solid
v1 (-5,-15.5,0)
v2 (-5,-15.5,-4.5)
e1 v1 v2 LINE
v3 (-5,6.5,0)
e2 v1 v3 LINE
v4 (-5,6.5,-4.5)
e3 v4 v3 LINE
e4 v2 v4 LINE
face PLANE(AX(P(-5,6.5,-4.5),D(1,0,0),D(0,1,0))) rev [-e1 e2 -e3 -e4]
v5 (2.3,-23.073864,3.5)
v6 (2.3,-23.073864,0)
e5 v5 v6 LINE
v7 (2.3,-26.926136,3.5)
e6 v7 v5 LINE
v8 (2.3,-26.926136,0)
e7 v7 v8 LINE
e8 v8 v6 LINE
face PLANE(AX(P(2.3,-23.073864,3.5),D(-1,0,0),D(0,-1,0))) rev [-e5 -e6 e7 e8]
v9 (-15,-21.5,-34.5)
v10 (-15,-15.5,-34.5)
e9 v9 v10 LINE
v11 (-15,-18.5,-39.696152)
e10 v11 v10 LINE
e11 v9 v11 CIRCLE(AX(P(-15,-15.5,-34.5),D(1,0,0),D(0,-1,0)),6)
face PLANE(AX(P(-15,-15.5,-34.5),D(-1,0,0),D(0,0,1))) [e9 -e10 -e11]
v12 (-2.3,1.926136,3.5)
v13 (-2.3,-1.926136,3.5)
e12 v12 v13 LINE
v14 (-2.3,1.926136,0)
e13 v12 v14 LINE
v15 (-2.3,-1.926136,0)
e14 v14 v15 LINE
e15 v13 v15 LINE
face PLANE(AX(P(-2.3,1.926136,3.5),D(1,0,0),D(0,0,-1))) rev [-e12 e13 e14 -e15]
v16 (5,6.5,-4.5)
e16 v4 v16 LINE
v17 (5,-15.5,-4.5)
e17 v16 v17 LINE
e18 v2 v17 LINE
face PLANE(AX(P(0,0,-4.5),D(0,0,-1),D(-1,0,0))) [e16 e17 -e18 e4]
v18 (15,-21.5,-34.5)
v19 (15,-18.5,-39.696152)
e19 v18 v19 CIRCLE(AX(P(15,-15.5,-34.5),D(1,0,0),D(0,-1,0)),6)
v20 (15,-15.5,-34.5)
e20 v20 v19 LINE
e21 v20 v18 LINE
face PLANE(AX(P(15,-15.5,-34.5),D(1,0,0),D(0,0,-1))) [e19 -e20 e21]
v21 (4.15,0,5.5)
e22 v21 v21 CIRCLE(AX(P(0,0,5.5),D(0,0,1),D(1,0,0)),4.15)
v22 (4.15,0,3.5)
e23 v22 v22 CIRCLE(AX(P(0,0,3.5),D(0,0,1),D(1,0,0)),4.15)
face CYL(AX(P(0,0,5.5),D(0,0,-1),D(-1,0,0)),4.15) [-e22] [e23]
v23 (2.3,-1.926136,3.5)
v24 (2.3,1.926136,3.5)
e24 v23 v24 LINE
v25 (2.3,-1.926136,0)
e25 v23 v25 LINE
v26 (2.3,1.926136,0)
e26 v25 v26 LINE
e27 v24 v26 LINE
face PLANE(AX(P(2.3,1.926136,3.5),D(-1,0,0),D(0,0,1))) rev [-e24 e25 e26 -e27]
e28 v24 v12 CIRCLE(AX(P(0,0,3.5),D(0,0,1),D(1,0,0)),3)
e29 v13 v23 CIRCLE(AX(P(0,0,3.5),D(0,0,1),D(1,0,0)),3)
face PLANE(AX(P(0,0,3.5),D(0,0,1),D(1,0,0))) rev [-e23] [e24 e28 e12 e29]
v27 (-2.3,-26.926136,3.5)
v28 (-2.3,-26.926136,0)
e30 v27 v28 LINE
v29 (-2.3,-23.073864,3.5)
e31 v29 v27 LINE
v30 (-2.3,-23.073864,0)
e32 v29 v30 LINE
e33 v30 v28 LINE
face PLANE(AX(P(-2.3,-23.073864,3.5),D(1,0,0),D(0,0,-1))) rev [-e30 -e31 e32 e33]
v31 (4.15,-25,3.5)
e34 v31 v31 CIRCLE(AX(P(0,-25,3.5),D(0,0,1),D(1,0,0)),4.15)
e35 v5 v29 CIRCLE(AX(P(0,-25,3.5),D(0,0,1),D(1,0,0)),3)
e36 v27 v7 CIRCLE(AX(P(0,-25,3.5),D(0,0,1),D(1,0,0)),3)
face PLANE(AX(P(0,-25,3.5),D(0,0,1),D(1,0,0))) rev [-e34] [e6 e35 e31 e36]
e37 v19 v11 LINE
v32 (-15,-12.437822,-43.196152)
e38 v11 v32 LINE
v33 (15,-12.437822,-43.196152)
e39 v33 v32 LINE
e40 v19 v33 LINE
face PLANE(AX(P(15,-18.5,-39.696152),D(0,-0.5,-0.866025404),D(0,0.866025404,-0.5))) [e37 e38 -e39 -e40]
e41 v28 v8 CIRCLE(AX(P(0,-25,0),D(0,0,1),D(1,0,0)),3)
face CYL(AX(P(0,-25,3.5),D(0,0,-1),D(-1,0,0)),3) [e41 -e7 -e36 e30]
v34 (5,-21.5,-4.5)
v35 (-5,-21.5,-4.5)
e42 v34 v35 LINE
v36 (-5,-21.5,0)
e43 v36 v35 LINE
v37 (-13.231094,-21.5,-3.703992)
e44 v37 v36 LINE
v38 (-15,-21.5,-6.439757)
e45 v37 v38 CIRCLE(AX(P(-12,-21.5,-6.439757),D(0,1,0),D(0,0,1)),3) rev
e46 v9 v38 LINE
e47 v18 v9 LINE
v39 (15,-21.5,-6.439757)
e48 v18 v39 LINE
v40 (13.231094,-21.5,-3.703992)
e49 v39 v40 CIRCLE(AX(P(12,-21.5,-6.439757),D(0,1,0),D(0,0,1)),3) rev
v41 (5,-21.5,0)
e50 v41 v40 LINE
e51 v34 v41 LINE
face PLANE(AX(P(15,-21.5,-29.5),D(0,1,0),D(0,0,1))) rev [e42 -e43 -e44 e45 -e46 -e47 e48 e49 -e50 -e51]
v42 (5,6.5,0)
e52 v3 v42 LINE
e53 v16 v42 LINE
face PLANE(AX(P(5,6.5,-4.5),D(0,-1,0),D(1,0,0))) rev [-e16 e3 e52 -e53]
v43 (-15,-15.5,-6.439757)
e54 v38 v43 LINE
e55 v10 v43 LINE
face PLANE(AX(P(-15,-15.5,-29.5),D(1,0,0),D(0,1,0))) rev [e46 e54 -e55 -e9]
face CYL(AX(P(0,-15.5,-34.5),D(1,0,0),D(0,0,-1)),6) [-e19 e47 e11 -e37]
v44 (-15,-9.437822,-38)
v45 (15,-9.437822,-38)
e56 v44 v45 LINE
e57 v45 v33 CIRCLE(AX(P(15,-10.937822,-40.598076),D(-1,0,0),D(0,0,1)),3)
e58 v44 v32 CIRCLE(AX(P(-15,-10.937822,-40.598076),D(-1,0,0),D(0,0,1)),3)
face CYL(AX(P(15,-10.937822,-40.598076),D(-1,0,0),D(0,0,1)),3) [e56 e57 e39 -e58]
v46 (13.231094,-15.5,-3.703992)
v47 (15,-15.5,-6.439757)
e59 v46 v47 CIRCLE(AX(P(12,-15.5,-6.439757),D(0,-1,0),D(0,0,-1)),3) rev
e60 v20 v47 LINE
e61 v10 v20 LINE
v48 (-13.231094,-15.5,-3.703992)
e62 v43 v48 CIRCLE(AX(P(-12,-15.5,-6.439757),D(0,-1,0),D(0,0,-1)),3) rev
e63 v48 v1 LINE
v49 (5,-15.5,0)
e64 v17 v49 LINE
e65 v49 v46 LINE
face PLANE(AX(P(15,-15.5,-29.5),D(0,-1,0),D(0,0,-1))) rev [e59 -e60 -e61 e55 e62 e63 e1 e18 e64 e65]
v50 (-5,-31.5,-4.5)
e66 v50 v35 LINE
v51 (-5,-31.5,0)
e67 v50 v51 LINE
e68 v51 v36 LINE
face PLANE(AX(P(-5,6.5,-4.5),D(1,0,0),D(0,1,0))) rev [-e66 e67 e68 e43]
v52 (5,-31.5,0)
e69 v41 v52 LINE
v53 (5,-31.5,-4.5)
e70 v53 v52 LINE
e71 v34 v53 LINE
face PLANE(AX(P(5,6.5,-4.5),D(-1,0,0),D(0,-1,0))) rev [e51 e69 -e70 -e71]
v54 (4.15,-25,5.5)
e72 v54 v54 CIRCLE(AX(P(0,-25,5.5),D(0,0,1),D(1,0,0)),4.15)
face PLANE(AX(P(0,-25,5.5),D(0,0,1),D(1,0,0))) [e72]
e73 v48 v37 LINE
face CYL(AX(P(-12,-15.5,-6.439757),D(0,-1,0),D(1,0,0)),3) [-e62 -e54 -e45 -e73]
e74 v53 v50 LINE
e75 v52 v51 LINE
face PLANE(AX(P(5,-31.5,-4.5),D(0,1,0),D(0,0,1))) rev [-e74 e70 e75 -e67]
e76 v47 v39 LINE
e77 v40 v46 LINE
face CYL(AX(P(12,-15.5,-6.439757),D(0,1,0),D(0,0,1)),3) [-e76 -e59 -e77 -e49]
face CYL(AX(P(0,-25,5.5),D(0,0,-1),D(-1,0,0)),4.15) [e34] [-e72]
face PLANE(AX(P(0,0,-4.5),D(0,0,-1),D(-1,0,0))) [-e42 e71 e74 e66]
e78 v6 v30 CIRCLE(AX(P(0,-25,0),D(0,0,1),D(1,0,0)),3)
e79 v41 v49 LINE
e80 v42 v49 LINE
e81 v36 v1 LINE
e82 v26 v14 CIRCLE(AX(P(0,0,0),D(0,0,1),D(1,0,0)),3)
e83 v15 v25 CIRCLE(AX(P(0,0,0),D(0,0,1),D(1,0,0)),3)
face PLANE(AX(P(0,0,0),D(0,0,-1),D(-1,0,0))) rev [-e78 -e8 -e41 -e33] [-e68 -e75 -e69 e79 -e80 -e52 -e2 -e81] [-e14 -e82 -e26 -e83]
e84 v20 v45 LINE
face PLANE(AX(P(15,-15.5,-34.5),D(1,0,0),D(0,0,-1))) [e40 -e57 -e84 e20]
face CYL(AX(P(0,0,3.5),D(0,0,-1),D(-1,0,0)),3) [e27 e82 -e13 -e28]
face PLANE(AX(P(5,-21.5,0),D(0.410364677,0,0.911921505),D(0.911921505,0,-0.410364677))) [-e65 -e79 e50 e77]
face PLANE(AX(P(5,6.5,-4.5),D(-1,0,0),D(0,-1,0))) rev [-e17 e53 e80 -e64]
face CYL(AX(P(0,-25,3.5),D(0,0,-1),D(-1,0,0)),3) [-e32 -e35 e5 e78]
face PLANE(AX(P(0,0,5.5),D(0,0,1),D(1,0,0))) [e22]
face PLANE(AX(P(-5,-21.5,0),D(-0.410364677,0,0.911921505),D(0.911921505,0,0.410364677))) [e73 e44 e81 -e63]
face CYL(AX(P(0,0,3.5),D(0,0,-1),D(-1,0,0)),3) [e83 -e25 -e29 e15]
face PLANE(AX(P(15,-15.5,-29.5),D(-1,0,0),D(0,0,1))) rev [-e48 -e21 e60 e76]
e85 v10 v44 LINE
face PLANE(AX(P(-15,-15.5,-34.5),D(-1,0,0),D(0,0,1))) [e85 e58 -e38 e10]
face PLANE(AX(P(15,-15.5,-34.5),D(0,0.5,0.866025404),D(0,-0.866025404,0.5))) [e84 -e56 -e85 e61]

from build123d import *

# Parameters (mm, degrees)
EXTRUDE_1_DEPTH   = 3.5
EXTRUDE_1_2_DEPTH = 3.5
SKETCH_2_R        = 4.15
EXTRUDE_2_DEPTH   = 2
SKETCH_3_W        = 10
SKETCH_3_H        = 38
EXTRUDE_3_DEPTH   = 4.5
SKETCH_5_W        = 30
SKETCH_5_H        = 6
EXTRUDE_4_DEPTH   = 25
EXTRUDE_5_DEPTH   = 6
SKETCH_10_W       = 30
SKETCH_10_H       = 6
SKETCH_11_W       = 30
SKETCH_11_H       = 3
REVOLVE_1_ANGLE   = 180
FILLET_1_R        = 3


with BuildPart() as part:
    # 草图1 → 凸台-拉伸1 (new body)
    with BuildSketch(Plane.XY):
        with BuildLine():
            Line((-2.3, 1.926136028), (-2.3, -1.926136028))
            ThreePointArc((-2.3, -1.926136028), (0, -3), (2.3, -1.926136028))
            Line((2.3, -1.926136028), (2.3, 1.926136028))
            ThreePointArc((2.3, 1.926136028), (0, 3), (-2.3, 1.926136028))
        make_face()
    extrude(amount=EXTRUDE_1_DEPTH)



with BuildPart() as body_2:
    # 草图1 → Extrude 1 2 (new body)
    with BuildSketch(Plane.XY):
        with BuildLine():
            Line((-2.3, -23.073863972), (-2.3, -26.926136028))
            ThreePointArc((-2.3, -26.926136028), (0, -28), (2.3, -26.926136028))
            Line((2.3, -26.926136028), (2.3, -23.073863972))
            ThreePointArc((2.3, -23.073863972), (0, -22), (-2.3, -23.073863972))
        make_face()
    extrude(amount=EXTRUDE_1_2_DEPTH)


with BuildPart() as part_1:
    add(part.part)

    add(body_2.part)  # 凸台-拉伸2 merges body 2
    # 草图2 → 凸台-拉伸2 (add)
    with BuildSketch(Plane.XY.offset(3.5)):
        Circle(SKETCH_2_R)
        with Locations((0, -25)):
            Circle(SKETCH_2_R)
    extrude(amount=EXTRUDE_2_DEPTH)

    # 草图3 → 凸台-拉伸3 (add)
    with BuildSketch(Plane(origin=(0, 0, 0), x_dir=(-1, 0, 0), z_dir=(0, 0, -1))):
        with Locations((0, -12.5)):
            Rectangle(SKETCH_3_W, SKETCH_3_H)
    extrude(amount=EXTRUDE_3_DEPTH)

    # 草图5 → 凸台-拉伸4 (add)
    with BuildSketch(Plane(origin=(0, 0, -4.5), x_dir=(-1, 0, 0), z_dir=(0, 0, -1))):
        with Locations((0, -18.5)):
            Rectangle(SKETCH_5_W, SKETCH_5_H)
    extrude(amount=EXTRUDE_4_DEPTH)

    # 草图8 → 凸台-拉伸5 (add)
    with BuildSketch(Plane(origin=(0, -15.5, 0), x_dir=(1, 0, 0), z_dir=(0, 1, 0))):
        Polygon((15, 4.5), (5, 4.5), (5, 0), align=None)
        Polygon((-15, 4.5), (-5, 4.5), (-5, 0), align=None)
    extrude(amount=-EXTRUDE_5_DEPTH)

    # 扫描1: sweep along a path in 草图9
    with BuildLine(Plane(origin=(0, 0, 0), x_dir=(0, 0, -1), z_dir=(1, 0, 0))) as sweep_1_path:
        Line((29.5, -18.5), (34.5, -18.5))
        ThreePointArc((34.5, -18.5), (36, -18.098076211), (37.098076211, -17))
        Line((37.098076211, -17), (40.598076211, -10.937822174))
    # 草图10 → 扫描1 (sweep)
    with BuildSketch(Plane(origin=(0, 0, -29.5), x_dir=(-1, 0, 0), z_dir=(0, 0, -1))):
        with Locations((0, -18.5)):
            Rectangle(SKETCH_10_W, SKETCH_10_H)
    sweep(path=sweep_1_path.line)

    # 草图11 → 旋转1 (revolve)
    with BuildSketch(Plane(origin=(0, 9.376116042, -5.413303121), x_dir=(1, 0, 0), z_dir=(0, 0.866025404, -0.5))):
        with Locations((0, 42.127876431)):
            Rectangle(SKETCH_11_W, SKETCH_11_H)
    revolve(axis=Axis((15, -10.937822174, -40.598076211), (1, 0, 0)), revolution_arc=REVOLVE_1_ANGLE)

    # 圆角1
    fillet_1_edges = [part_1.edges().sort_by_distance(p)[0] for p in [
        (15, -18.5, -4.5),
        (-15, -18.5, -4.5),
    ]]
    fillet(fillet_1_edges, radius=FILLET_1_R)


solid = part_1.part
